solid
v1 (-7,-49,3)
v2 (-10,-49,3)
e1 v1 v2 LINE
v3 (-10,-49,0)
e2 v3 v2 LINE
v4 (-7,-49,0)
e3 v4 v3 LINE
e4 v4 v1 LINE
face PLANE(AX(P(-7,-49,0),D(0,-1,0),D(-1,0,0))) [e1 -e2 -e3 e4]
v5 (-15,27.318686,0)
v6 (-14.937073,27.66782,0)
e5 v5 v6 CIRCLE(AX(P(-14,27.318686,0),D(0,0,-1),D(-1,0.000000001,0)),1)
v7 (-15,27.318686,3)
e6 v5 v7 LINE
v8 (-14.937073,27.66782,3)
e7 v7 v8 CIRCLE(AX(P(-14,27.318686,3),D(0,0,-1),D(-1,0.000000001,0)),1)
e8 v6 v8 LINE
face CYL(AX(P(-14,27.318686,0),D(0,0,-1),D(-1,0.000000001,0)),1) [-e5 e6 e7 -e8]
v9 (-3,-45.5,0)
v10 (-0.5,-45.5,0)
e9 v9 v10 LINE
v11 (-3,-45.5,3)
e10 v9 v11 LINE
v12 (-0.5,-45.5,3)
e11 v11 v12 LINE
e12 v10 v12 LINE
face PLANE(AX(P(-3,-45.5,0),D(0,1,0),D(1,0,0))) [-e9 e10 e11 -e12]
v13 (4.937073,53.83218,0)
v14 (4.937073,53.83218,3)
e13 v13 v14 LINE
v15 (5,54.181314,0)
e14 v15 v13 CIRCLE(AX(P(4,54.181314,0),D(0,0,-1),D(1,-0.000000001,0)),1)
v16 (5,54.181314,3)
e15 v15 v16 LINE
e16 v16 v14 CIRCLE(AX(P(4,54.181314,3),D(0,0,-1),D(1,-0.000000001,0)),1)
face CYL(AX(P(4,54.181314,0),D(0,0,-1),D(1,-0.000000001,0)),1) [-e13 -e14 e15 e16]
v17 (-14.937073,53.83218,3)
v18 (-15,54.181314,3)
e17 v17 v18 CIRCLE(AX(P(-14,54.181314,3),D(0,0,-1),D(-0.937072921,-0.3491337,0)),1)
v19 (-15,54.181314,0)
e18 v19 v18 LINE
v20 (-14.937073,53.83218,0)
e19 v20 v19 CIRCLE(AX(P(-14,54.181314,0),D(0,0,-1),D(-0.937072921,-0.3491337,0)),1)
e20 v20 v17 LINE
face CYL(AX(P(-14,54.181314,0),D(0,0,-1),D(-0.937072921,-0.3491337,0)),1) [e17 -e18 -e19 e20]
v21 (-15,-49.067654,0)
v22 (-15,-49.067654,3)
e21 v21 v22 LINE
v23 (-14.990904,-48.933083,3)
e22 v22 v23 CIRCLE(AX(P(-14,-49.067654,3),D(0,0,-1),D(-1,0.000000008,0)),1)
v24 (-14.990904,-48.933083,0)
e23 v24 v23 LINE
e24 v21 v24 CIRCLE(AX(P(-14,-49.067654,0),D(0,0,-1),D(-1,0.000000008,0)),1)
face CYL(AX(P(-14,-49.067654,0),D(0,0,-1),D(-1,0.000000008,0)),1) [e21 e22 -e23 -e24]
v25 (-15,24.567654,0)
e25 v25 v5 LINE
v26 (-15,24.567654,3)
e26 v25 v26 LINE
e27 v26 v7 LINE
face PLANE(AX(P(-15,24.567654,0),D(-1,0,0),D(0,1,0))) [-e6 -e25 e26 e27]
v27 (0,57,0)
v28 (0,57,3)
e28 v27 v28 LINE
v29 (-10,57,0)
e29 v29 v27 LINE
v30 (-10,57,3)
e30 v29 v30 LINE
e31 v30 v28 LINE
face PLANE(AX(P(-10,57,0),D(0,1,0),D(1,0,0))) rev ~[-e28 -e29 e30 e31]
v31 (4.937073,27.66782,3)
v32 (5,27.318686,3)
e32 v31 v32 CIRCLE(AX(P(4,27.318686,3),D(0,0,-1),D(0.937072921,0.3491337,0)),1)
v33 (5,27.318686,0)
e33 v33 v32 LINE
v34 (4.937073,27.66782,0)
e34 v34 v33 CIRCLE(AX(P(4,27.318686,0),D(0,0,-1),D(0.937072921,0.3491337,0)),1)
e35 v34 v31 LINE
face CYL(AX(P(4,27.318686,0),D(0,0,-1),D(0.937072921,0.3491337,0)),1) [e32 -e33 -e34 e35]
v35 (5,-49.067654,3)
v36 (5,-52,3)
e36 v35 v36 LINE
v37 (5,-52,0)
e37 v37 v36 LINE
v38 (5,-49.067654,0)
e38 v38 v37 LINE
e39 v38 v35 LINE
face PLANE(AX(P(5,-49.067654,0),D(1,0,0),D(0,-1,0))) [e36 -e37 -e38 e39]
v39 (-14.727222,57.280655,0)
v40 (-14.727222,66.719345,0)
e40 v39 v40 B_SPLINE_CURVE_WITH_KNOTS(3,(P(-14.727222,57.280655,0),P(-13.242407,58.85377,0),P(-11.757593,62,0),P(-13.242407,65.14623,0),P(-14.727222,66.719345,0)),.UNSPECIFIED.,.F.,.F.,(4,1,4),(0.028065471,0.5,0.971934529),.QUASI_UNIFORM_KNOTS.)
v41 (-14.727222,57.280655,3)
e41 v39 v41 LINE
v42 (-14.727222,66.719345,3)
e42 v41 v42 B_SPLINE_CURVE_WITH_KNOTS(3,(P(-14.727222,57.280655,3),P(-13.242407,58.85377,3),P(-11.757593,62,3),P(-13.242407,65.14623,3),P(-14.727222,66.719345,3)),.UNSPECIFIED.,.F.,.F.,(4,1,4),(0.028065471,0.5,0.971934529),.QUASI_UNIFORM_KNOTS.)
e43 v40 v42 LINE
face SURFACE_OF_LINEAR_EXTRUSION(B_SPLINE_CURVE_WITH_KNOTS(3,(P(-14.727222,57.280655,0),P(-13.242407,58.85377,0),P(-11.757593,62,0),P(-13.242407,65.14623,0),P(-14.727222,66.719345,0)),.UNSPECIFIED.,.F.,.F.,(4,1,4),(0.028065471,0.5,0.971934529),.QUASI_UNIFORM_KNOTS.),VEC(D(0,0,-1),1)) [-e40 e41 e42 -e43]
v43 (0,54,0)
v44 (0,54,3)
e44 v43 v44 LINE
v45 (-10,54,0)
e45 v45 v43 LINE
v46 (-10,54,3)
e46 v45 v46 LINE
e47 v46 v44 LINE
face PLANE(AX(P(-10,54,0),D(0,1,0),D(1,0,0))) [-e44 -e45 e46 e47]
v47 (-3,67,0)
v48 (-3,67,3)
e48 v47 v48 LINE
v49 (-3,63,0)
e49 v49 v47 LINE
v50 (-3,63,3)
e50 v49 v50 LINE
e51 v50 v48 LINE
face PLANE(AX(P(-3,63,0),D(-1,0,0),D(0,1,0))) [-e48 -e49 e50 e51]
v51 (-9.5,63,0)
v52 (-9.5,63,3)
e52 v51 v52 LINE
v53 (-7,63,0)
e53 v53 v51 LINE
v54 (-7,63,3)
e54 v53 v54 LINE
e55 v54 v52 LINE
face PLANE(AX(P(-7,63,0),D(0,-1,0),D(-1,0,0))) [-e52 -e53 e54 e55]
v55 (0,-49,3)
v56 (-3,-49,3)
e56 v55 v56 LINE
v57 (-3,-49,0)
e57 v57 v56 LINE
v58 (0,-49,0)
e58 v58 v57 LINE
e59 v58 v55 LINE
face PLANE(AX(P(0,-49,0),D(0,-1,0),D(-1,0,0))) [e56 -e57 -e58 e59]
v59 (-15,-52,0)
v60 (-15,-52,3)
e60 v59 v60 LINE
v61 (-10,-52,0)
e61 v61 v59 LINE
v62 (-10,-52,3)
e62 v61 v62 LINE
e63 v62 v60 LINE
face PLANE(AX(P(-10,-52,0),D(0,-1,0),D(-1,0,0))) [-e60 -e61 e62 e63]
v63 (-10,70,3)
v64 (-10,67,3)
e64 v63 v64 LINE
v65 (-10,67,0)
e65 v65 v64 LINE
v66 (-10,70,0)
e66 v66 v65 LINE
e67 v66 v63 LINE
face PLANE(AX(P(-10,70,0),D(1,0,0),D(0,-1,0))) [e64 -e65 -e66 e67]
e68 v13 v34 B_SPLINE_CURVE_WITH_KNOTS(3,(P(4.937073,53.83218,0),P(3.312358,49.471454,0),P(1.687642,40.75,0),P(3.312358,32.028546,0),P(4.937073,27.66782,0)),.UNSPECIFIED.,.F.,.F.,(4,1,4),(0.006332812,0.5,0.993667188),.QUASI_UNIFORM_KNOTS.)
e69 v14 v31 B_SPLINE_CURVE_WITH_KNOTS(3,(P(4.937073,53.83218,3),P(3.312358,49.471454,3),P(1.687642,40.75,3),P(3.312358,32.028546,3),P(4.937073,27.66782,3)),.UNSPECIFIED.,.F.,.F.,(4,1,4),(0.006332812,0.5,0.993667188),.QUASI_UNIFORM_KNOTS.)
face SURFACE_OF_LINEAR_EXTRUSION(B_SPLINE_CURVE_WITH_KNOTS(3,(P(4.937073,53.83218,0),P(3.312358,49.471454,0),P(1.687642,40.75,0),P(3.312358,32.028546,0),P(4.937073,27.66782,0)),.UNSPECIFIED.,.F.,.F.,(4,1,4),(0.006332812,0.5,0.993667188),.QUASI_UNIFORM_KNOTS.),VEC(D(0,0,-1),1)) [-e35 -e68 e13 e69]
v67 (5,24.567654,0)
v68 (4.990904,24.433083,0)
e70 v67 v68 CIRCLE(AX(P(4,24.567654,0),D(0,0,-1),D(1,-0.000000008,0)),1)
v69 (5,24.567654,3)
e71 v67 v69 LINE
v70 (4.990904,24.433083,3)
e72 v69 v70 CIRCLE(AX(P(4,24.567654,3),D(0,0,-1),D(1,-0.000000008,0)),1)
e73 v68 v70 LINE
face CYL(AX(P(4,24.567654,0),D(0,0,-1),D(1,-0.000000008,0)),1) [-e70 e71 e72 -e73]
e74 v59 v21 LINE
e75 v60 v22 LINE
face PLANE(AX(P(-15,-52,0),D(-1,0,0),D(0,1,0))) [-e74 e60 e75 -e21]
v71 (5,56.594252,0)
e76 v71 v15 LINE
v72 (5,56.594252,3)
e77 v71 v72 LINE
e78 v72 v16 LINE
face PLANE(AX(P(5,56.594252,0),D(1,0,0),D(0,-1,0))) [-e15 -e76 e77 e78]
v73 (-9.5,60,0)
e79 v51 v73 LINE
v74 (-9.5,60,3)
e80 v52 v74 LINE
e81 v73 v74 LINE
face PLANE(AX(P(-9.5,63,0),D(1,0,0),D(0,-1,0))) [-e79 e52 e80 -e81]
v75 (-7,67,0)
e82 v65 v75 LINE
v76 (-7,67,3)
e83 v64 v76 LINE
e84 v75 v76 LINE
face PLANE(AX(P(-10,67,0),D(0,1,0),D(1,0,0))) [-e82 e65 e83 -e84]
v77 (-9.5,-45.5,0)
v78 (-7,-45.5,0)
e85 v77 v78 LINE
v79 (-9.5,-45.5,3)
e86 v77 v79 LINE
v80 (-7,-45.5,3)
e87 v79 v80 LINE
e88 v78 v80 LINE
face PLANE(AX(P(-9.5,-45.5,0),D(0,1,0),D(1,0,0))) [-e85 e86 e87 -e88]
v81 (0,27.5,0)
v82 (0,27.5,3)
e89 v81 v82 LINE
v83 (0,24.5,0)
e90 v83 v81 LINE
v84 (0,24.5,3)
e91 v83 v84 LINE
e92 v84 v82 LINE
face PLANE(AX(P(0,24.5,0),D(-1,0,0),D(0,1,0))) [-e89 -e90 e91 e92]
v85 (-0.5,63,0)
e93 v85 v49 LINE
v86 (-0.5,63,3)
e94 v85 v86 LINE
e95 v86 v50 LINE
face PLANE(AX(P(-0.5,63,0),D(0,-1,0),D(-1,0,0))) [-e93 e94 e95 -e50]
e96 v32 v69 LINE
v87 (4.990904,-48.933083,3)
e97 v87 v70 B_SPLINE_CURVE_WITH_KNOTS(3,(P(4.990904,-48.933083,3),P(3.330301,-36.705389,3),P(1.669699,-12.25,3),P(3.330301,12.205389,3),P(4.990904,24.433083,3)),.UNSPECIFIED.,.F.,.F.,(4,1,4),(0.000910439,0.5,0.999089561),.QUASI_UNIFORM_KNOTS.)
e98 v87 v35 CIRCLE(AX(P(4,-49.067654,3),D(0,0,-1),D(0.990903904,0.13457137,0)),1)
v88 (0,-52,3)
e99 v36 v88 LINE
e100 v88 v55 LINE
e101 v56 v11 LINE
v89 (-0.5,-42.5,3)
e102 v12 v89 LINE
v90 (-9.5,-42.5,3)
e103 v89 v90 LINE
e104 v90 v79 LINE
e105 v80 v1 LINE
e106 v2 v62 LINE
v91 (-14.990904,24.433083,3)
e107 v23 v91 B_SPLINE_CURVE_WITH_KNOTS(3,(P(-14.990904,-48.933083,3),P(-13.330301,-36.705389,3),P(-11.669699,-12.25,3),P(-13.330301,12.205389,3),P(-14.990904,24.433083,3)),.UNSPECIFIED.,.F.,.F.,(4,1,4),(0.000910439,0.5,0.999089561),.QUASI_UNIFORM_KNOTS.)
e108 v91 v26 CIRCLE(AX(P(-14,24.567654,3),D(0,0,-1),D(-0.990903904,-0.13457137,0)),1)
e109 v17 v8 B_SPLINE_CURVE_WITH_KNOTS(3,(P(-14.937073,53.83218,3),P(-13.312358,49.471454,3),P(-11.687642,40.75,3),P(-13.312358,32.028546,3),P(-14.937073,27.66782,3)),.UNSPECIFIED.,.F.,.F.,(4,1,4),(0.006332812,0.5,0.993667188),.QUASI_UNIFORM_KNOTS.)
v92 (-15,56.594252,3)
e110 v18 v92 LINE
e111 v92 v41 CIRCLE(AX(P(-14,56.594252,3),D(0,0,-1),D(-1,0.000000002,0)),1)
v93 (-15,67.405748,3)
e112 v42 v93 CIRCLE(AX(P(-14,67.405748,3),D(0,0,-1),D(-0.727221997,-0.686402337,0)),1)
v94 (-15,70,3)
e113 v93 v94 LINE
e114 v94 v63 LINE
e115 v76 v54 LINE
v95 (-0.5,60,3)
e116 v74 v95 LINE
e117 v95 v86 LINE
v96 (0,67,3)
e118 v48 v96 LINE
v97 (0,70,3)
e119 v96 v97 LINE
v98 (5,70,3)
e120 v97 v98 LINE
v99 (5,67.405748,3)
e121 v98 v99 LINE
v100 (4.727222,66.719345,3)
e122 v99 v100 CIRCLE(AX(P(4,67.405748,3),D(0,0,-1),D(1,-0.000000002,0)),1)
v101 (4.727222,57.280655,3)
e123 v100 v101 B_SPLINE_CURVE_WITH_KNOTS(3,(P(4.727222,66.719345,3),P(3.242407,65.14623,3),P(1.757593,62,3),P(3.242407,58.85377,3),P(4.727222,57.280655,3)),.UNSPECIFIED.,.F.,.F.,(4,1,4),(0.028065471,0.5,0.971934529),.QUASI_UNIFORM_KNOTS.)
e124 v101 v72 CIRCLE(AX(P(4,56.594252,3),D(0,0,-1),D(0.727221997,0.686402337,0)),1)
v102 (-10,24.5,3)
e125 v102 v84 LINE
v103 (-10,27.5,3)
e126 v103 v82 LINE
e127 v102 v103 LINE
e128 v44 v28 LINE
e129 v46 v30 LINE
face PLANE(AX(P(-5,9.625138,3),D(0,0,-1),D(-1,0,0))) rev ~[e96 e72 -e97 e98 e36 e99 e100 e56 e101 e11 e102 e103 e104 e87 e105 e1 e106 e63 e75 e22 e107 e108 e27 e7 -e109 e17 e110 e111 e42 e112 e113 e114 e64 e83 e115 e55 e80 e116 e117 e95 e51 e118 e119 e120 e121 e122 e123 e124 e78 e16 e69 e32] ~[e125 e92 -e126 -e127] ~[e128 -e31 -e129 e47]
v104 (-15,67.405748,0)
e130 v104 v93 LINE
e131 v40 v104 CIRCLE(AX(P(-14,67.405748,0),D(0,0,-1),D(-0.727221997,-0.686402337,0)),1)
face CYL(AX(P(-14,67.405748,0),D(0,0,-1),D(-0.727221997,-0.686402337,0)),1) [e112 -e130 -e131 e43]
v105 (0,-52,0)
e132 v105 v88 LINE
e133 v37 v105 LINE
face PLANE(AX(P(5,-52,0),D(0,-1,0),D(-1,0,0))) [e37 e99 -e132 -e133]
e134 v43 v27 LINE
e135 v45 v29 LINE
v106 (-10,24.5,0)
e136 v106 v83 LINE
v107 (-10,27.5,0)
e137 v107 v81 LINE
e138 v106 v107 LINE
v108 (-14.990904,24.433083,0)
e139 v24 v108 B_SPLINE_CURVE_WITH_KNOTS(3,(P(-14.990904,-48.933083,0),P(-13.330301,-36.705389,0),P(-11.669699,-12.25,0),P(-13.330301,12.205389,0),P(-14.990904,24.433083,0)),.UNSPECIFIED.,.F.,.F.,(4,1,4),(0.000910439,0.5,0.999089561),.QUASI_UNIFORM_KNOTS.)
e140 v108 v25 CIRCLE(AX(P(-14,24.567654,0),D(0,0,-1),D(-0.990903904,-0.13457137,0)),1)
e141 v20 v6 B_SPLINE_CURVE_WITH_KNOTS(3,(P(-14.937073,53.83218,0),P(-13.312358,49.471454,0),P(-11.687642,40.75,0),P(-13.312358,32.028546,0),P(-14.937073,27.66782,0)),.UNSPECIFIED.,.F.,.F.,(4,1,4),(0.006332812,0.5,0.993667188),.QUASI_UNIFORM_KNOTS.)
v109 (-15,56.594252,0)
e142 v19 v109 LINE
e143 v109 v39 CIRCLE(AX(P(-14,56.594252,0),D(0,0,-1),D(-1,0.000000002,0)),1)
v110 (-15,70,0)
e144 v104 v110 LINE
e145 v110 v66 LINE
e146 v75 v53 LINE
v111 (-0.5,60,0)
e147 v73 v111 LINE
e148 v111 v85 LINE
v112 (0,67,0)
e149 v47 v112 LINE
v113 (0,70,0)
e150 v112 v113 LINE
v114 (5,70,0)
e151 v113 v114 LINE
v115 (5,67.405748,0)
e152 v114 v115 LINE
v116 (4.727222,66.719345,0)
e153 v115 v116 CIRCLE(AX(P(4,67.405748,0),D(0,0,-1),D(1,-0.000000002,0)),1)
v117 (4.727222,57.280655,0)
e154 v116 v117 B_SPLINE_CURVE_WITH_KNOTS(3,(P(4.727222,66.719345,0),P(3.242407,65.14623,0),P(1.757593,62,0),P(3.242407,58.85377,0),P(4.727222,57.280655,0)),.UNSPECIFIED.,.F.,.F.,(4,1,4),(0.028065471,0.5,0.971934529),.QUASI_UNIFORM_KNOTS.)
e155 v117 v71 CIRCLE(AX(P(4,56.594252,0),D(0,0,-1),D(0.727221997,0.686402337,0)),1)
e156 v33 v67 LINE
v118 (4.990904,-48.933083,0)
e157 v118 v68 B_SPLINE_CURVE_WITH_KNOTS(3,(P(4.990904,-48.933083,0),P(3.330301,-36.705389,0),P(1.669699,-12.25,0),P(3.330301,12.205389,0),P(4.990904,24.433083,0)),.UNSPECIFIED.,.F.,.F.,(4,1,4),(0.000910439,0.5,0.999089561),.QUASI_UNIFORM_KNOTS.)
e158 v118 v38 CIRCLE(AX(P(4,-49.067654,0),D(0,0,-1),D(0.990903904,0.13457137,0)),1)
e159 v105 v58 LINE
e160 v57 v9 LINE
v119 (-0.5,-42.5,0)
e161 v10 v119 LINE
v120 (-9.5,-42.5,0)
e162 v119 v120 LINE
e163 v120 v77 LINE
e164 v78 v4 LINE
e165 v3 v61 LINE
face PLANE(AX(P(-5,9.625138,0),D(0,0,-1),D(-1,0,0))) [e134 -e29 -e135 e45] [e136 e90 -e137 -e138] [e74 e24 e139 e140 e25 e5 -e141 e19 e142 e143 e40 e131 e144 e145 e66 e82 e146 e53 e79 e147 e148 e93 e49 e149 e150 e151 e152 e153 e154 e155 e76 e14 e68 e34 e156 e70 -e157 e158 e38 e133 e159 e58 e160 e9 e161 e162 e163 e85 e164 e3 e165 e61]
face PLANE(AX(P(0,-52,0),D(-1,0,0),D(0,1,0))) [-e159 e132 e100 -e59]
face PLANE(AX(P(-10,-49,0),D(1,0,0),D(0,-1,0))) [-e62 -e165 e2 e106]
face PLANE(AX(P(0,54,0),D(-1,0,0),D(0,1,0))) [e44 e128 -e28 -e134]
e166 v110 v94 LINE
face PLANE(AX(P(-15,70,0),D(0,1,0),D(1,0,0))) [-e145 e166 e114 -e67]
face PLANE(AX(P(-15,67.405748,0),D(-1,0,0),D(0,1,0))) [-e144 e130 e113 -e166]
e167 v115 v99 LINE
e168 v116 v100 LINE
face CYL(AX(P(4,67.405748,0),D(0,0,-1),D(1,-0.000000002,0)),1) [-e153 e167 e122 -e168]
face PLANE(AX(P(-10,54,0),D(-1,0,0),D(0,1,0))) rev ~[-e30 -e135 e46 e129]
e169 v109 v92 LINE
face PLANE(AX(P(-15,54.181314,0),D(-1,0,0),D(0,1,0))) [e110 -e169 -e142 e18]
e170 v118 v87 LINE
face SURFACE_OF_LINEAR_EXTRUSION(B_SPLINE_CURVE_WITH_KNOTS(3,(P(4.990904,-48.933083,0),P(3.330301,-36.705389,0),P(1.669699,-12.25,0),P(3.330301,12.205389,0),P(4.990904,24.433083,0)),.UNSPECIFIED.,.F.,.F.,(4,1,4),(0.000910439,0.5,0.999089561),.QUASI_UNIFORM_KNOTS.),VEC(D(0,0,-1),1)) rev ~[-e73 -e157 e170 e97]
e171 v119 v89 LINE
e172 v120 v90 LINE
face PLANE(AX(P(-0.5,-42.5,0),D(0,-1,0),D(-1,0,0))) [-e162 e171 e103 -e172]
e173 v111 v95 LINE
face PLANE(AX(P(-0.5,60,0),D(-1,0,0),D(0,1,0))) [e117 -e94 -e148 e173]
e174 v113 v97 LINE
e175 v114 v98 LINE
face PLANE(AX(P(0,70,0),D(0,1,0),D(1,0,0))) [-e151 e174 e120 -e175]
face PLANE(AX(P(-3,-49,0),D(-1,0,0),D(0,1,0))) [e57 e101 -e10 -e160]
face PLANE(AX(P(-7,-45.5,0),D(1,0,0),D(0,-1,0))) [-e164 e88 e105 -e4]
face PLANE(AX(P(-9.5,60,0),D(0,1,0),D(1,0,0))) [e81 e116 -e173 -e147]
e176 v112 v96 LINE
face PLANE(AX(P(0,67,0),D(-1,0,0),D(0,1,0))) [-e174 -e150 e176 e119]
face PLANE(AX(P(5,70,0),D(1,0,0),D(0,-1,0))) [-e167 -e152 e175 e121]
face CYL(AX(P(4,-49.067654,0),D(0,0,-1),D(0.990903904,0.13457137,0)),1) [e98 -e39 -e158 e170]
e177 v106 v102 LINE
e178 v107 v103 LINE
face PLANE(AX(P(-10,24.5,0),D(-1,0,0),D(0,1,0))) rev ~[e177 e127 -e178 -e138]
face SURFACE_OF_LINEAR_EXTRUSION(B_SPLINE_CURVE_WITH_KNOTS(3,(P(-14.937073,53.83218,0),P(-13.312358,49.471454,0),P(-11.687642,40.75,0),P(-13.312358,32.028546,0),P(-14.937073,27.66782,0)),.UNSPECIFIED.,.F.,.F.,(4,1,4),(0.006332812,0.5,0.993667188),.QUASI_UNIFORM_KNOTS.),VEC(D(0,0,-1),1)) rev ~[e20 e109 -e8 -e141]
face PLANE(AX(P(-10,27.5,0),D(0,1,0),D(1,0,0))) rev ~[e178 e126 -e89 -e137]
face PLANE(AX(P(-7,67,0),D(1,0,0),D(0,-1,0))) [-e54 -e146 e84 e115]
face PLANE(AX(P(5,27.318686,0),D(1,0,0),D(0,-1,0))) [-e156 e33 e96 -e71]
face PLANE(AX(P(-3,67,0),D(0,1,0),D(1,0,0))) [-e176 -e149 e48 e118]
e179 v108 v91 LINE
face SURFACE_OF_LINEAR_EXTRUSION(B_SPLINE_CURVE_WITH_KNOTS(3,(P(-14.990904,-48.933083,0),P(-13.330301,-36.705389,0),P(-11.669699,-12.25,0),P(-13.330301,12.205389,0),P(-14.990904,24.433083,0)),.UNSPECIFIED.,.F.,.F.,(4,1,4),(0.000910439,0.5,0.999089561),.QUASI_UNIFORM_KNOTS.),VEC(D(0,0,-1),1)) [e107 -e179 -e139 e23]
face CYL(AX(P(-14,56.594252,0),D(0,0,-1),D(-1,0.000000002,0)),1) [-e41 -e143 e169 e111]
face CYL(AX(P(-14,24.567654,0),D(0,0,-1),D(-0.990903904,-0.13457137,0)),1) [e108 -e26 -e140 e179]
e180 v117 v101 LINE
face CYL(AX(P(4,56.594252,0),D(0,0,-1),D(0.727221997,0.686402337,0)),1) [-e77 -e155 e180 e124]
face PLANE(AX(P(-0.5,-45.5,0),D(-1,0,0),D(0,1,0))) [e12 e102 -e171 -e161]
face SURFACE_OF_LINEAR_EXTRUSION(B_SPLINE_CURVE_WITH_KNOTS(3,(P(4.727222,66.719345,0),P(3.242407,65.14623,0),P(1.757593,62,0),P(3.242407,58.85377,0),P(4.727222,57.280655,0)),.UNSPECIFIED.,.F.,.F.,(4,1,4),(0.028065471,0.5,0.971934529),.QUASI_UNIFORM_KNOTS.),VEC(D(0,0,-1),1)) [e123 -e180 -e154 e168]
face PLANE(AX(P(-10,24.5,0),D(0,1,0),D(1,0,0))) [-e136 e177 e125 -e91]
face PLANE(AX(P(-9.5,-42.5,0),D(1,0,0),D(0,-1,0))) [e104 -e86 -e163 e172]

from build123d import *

# Parameters (mm, degrees)
CROQUIS1_W              = 10
CROQUIS1_H              = 3
SALIENTE_EXTRUIR1_DEPTH = 3


with BuildPart() as part:
    # Croquis1 → Saliente-Extruir1 (new body)
    with BuildSketch(Plane.XY):
        with BuildLine():
            Line((-10, 70), (-10, 67))
            Line((-10, 67), (-7, 67))
            Line((-7, 67), (-7, 63))
            Line((-7, 63), (-9.5, 63))
            Line((-9.5, 63), (-9.5, 60))
            Line((-9.5, 60), (-0.5, 60))
            Line((-0.5, 60), (-0.5, 63))
            Line((-0.5, 63), (-3, 63))
            Line((-3, 63), (-3, 67))
            Line((-3, 67), (0, 67))
            Line((0, 67), (0, 70))
            Line((0, 70), (5, 70))
            Line((5, 70), (5, 67.405747627))
            ThreePointArc((5, 67.405747627), (4.929306729, 67.036438809), (4.727221995, 66.719345288))
            add(Edge.make_bspline(
                [(4.727221995, 66.719345288), (3.242407332, 65.146230192), (1.757592668, 62), (3.242407332, 58.853769808), (4.727221995, 57.280654712)],
                knots=[0.028065471, 0.028065471, 0.028065471, 0.028065471, 0.5, 0.971934529, 0.971934529, 0.971934529, 0.971934529], degree=3))
            ThreePointArc((4.727221995, 57.280654712), (4.929306729, 56.963561191), (5, 56.594252373))
            Line((5, 56.594252373), (5, 54.181314171))
            ThreePointArc((5, 54.181314171), (4.9841425, 54.003934523), (4.937072921, 53.832180471))
            add(Edge.make_bspline(
                [(4.937072921, 53.832180471), (3.31235764, 49.471453647), (1.68764236, 40.75), (3.31235764, 32.028546353), (4.937072921, 27.667819529)],
                knots=[0.006332812, 0.006332812, 0.006332812, 0.006332812, 0.5, 0.993667188, 0.993667188, 0.993667188, 0.993667188], degree=3))
            ThreePointArc((4.937072921, 27.667819529), (4.9841425, 27.496065477), (5, 27.318685829))
            Line((5, 27.318685829), (5, 24.567654138))
            ThreePointArc((5, 24.567654138), (4.997723384, 24.500214919), (4.990903903, 24.433082766))
            add(Edge.make_bspline(
                [(4.990903903, -48.933082766), (3.330301301, -36.70538851), (1.669698699, -12.25), (3.330301301, 12.20538851), (4.990903903, 24.433082766)],
                knots=[0.000910439, 0.000910439, 0.000910439, 0.000910439, 0.5, 0.999089561, 0.999089561, 0.999089561, 0.999089561], degree=3))
            ThreePointArc((4.990903903, -48.933082766), (4.997723384, -49.000214919), (5, -49.067654138))
            Line((5, -49.067654138), (5, -51.701381229))
            Line((5, -51.701381229), (5, -52))
            Line((5, -52), (0, -52))
            Line((0, -52), (0, -49))
            Line((0, -49), (-3, -49))
            Line((-3, -49), (-3, -45.5))
            Line((-3, -45.5), (-0.5, -45.5))
            Line((-0.5, -45.5), (-0.5, -42.5))
            Line((-0.5, -42.5), (-9.5, -42.5))
            Line((-9.5, -42.5), (-9.5, -45.5))
            Line((-9.5, -45.5), (-7, -45.5))
            Line((-7, -45.5), (-7, -49))
            Line((-7, -49), (-10, -49))
            Line((-10, -49), (-10, -52))
            Line((-10, -52), (-15, -52))
            Line((-15, -52), (-15, -51.701381229))
            Line((-15, -51.701381229), (-15, -49.067654138))
            ThreePointArc((-15, -49.067654138), (-14.997723384, -49.000214919), (-14.990903903, -48.933082766))
            add(Edge.make_bspline(
                [(-14.990903903, -48.933082766), (-13.330301301, -36.70538851), (-11.669698699, -12.25), (-13.330301301, 12.20538851), (-14.990903903, 24.433082766)],
                knots=[0.000910439, 0.000910439, 0.000910439, 0.000910439, 0.5, 0.999089561, 0.999089561, 0.999089561, 0.999089561], degree=3))
            ThreePointArc((-14.990903903, 24.433082766), (-14.997723384, 24.500214919), (-15, 24.567654138))
            Line((-15, 24.567654138), (-15, 27.318685829))
            ThreePointArc((-15, 27.318685829), (-14.9841425, 27.496065477), (-14.937072921, 27.667819529))
            add(Edge.make_bspline(
                [(-14.937072921, 53.832180471), (-13.31235764, 49.471453647), (-11.68764236, 40.75), (-13.31235764, 32.028546353), (-14.937072921, 27.667819529)],
                knots=[0.006332812, 0.006332812, 0.006332812, 0.006332812, 0.5, 0.993667188, 0.993667188, 0.993667188, 0.993667188], degree=3))
            ThreePointArc((-14.937072921, 53.832180471), (-14.9841425, 54.003934523), (-15, 54.181314171))
            Line((-15, 54.181314171), (-15, 56.594252373))
            ThreePointArc((-15, 56.594252373), (-14.929306729, 56.963561191), (-14.727221995, 57.280654712))
            add(Edge.make_bspline(
                [(-14.727221995, 57.280654712), (-13.242407332, 58.853769808), (-11.757592668, 62), (-13.242407332, 65.146230192), (-14.727221995, 66.719345288)],
                knots=[0.028065471, 0.028065471, 0.028065471, 0.028065471, 0.5, 0.971934529, 0.971934529, 0.971934529, 0.971934529], degree=3))
            ThreePointArc((-14.727221995, 66.719345288), (-14.929306729, 67.036438809), (-15, 67.405747627))
            Line((-15, 67.405747627), (-15, 70))
            Line((-15, 70), (-10, 70))
        make_face()
        with Locations((-5, 26)):
            Rectangle(CROQUIS1_W, CROQUIS1_H, mode=Mode.SUBTRACT)
        with Locations((-5, 55.5)):
            Rectangle(CROQUIS1_W, CROQUIS1_H, mode=Mode.SUBTRACT)
    extrude(amount=SALIENTE_EXTRUIR1_DEPTH)


solid = part.part
